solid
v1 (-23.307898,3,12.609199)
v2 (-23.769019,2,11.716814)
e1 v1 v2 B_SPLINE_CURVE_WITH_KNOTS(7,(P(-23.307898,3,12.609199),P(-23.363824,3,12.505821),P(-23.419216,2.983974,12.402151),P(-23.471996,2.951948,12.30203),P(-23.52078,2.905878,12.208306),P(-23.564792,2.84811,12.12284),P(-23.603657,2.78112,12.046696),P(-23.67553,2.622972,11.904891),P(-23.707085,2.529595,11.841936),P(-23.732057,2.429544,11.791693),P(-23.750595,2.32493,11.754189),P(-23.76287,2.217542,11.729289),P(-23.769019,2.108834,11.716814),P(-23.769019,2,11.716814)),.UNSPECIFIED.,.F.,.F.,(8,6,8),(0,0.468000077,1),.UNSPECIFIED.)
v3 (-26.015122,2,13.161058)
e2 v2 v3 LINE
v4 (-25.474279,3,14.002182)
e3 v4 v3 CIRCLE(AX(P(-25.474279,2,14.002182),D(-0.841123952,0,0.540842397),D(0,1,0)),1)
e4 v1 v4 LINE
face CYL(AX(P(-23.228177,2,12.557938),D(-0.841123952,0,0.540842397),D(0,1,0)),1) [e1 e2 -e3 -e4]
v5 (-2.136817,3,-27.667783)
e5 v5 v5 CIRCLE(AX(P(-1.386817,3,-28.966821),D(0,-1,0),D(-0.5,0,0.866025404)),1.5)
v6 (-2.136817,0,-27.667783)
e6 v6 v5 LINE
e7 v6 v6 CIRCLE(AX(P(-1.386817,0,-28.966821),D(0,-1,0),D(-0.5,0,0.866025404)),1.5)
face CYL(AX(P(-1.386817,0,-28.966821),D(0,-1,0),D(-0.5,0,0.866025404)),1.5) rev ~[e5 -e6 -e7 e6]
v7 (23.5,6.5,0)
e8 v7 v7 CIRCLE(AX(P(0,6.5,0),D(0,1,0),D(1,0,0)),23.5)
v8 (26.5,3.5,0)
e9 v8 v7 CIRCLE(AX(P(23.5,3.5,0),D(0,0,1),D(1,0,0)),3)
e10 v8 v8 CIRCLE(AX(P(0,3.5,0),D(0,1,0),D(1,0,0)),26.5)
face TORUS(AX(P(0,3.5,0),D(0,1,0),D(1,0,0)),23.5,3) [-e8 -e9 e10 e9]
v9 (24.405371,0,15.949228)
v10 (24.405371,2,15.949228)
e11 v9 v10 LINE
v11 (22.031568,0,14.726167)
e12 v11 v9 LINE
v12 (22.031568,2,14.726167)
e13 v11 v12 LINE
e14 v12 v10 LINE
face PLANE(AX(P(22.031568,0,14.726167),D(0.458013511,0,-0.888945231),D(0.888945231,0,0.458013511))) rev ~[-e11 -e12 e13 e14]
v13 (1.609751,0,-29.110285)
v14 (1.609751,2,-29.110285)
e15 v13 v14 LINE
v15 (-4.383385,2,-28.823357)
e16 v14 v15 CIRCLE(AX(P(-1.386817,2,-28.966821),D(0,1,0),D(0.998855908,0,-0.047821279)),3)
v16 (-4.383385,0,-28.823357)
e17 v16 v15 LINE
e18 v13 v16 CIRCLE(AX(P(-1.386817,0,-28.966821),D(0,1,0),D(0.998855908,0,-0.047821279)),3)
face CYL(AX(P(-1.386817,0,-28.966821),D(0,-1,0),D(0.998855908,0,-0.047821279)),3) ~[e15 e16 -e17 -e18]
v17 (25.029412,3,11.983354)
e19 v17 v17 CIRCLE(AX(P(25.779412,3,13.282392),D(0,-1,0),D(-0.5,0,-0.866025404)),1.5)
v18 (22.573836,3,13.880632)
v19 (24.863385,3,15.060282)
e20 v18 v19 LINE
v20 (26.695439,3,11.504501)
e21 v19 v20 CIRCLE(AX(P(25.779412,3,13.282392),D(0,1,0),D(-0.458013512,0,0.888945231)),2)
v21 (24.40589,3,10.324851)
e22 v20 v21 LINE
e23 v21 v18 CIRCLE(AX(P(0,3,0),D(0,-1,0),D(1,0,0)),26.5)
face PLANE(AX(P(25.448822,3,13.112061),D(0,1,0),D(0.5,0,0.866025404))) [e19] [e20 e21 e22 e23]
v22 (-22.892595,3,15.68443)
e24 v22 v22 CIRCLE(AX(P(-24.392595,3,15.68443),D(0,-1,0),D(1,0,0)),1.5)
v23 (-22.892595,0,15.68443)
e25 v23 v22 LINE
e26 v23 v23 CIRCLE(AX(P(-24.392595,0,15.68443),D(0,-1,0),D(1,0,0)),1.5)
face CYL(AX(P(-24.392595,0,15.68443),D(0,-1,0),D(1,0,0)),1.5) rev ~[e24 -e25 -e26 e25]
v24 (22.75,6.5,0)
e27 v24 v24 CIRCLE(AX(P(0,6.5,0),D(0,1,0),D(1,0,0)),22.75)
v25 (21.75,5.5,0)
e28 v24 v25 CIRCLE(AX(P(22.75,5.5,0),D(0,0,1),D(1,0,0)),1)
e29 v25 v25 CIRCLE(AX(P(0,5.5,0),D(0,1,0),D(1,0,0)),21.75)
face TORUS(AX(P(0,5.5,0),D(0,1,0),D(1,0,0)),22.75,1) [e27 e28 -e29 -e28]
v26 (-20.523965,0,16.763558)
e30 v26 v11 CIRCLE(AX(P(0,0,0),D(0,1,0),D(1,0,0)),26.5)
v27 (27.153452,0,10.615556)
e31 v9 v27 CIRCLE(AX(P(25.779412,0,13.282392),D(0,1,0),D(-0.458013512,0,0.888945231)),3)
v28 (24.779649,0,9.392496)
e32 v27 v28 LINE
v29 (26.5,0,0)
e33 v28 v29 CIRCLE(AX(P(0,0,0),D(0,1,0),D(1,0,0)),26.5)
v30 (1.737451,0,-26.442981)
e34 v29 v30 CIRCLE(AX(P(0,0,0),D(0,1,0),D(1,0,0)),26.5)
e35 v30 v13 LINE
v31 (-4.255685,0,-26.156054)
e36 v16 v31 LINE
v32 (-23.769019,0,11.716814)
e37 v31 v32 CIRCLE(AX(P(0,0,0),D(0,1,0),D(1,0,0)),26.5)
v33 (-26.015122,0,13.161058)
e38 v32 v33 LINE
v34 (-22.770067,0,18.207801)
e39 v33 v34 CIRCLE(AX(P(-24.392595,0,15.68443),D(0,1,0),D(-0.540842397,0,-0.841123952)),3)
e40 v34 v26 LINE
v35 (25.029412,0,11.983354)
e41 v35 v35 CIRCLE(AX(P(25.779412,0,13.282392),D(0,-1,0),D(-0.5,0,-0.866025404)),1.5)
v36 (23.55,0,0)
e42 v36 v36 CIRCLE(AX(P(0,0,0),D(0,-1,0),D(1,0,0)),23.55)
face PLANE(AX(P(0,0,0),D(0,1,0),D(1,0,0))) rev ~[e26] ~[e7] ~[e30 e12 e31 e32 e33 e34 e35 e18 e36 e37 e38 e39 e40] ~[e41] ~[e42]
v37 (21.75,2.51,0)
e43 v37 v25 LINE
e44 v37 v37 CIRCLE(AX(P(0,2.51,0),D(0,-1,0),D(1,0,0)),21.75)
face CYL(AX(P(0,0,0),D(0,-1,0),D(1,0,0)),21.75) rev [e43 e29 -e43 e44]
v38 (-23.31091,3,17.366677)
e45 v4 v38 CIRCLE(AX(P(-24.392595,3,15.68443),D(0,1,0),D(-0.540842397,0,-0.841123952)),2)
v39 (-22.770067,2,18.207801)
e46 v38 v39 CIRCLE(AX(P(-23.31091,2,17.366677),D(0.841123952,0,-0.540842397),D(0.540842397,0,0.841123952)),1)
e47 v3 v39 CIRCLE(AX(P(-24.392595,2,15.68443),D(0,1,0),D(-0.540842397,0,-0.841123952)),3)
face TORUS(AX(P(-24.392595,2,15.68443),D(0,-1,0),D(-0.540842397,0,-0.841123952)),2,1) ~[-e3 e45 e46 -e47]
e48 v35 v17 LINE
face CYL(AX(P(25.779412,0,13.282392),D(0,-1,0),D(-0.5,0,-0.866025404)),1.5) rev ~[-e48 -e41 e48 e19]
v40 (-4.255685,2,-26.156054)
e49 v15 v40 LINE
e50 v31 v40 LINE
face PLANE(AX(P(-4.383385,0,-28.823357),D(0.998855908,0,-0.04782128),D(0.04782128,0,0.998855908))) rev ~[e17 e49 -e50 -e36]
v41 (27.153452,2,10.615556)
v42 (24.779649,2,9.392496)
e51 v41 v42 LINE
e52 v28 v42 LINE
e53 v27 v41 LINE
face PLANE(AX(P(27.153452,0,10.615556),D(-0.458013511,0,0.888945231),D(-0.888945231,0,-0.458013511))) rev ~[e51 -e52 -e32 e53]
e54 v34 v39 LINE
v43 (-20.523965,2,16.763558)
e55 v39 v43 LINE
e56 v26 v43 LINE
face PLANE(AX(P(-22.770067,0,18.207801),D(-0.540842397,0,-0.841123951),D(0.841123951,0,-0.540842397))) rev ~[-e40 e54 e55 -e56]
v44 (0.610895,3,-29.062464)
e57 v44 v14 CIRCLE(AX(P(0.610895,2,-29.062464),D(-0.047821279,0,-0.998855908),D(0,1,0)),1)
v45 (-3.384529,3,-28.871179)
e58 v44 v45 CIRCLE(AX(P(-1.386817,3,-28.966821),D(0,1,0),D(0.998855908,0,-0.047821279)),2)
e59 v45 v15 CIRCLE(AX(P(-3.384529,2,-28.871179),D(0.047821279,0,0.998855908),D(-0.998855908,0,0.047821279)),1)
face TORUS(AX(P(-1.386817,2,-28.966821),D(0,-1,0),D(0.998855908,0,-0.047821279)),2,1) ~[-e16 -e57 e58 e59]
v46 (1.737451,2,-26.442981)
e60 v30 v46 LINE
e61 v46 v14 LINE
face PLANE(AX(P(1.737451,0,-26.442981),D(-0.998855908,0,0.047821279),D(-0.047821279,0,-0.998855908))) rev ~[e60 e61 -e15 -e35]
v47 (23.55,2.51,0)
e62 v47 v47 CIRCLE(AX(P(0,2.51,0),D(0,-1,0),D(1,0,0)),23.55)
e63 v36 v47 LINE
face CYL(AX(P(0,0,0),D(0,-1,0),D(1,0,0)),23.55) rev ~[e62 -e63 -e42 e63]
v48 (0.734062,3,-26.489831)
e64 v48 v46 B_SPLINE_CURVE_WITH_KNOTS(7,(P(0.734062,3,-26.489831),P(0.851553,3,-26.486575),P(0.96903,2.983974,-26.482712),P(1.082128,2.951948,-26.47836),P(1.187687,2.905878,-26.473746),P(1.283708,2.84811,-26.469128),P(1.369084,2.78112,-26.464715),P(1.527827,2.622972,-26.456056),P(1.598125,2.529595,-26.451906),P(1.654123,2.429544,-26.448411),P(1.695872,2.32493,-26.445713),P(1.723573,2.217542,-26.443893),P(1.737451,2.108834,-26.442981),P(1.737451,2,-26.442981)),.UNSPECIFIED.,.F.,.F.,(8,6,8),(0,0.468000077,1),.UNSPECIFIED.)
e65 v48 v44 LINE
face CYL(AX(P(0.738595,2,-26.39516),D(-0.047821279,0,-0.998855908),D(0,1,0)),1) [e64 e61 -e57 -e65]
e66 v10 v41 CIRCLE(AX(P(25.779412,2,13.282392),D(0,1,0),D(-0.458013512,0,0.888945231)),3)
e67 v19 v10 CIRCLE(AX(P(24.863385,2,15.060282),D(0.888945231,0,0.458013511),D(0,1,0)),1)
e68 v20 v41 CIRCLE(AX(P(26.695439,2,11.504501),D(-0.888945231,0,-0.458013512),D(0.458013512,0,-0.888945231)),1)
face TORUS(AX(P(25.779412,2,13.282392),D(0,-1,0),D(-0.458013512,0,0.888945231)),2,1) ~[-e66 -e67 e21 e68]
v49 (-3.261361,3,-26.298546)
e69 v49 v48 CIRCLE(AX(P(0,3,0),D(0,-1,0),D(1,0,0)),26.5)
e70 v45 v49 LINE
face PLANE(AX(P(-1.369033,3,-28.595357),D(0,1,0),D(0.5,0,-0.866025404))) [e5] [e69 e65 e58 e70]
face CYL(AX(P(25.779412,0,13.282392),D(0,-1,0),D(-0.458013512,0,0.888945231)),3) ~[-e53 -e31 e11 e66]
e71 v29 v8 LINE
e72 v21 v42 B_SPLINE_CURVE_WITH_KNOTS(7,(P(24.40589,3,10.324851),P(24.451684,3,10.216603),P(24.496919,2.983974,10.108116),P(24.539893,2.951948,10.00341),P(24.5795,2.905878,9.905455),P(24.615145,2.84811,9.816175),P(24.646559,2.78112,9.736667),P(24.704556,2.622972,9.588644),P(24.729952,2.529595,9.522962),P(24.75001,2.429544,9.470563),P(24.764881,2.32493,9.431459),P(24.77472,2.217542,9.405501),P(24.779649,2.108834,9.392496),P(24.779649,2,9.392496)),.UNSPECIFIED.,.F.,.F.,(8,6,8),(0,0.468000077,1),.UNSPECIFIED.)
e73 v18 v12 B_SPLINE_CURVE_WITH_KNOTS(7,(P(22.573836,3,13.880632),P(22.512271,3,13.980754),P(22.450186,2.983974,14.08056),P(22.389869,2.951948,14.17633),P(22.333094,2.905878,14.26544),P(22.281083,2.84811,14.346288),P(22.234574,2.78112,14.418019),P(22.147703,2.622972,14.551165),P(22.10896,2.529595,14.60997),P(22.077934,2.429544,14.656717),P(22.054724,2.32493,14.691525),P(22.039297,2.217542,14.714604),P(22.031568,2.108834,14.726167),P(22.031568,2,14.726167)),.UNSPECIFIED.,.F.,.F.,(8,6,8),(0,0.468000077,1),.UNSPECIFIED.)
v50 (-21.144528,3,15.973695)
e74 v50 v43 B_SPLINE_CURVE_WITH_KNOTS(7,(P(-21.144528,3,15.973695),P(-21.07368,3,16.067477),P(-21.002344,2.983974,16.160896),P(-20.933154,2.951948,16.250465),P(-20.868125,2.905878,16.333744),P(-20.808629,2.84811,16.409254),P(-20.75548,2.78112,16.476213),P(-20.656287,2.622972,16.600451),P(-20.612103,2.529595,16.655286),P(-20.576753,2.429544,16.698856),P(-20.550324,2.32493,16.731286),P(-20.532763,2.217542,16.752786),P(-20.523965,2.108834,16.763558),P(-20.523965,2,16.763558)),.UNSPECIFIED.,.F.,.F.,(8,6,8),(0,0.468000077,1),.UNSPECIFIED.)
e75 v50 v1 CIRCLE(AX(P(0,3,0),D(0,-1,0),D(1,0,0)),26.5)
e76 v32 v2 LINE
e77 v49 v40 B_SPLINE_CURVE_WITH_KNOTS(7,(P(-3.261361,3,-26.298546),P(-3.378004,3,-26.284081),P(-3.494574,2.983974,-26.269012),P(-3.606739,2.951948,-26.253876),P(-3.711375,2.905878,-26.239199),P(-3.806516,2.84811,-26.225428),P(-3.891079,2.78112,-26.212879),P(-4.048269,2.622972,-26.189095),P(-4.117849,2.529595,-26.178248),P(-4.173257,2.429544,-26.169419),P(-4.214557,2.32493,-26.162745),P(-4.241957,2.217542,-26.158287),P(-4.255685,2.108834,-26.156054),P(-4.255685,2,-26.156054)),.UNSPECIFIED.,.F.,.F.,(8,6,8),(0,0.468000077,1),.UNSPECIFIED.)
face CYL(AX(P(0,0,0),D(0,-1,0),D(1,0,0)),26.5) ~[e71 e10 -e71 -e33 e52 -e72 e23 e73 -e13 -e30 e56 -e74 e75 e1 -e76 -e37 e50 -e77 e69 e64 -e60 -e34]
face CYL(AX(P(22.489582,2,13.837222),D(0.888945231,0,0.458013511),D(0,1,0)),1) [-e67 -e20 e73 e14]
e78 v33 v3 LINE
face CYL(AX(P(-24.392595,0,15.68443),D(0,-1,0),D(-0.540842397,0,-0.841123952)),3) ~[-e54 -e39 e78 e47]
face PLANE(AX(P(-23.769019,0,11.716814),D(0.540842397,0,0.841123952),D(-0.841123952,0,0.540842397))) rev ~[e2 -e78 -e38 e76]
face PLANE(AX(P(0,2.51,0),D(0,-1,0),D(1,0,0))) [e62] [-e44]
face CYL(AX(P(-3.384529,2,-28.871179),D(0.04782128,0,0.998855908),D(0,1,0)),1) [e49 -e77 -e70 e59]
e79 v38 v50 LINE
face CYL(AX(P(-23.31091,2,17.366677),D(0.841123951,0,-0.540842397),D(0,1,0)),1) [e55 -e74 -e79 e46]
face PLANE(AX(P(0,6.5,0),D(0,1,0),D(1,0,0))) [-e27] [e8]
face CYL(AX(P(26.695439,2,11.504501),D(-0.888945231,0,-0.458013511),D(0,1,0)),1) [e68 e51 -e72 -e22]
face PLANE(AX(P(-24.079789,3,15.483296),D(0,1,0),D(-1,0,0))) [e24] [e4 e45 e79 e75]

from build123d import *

# Parameters (mm, degrees)
SKETCH1_R           = 26.5
SKETCH1_R_2         = 21.75
BOSS_EXTRUDE1_DEPTH = 6.5
FILLET1_R           = 3
SKETCH2_R           = 23.55
SKETCH2_R_2         = 21.75
CUT_EXTRUDE1_DEPTH  = 2.51
SKETCH3_R           = 1.5
BOSS_EXTRUDE2_DEPTH = 3
CIRPATTERN1_COUNT   = 3
FILLET2_R           = 1
FILLET4_R           = 1


with BuildPart() as part:
    # Sketch1 → Boss-Extrude1 (new body)
    with BuildSketch(Plane(origin=(0, 0, 0), x_dir=(1, 0, 0), z_dir=(0, 1, 0))):
        Circle(SKETCH1_R)
        Circle(SKETCH1_R_2, mode=Mode.SUBTRACT)
    extrude(amount=BOSS_EXTRUDE1_DEPTH)

    # Fillet1
    fillet1_edges = [part.edges().sort_by_distance(p)[0] for p in [
        (-26.5, 6.5, 0),
    ]]
    fillet(fillet1_edges, radius=FILLET1_R)

    # Sketch2 → Cut-Extrude1 (cut)
    with BuildSketch(Plane.XZ):
        Circle(SKETCH2_R)
        Circle(SKETCH2_R_2, mode=Mode.SUBTRACT)
    extrude(amount=-CUT_EXTRUDE1_DEPTH, mode=Mode.SUBTRACT)

    # Sketch3 → Boss-Extrude2 (add)
    with BuildSketch(Plane.XZ):
        with BuildLine():
            Line((-20.523964569, 16.763558046), (-23.769018949, 11.716814337))
            Line((-23.769018949, 11.716814337), (-26.015121786, 13.161057649))
            ThreePointArc((-26.015121786, 13.161057649), (-26.915966451, 17.306956694), (-22.770067406, 18.207801359))
            Line((-22.770067406, 18.207801359), (-20.523964569, 16.763558046))
        make_face()
        with Locations((-24.392594596, 15.684429504)):
            Circle(SKETCH3_R, mode=Mode.SUBTRACT)
    boss_extrude2 = extrude(amount=-BOSS_EXTRUDE2_DEPTH)

    # CirPattern1: Boss-Extrude2 ×3 about axis
    cirpattern1_axis = Axis((0, 0, 0), (0, 1, 0))
    for i in range(1, CIRPATTERN1_COUNT):
        add(boss_extrude2.rotate(cirpattern1_axis, i * 360 / CIRPATTERN1_COUNT))

    # Fillet2
    fillet2_edges = [part.edges().sort_by_distance(p)[0] for p in [
        (-21.75, 6.5, 0),
    ]]
    fillet(fillet2_edges, radius=FILLET2_R)

    # Fillet4
    fillet4_edges = [part.edges().sort_by_distance(p)[0] for p in [
        (-21.647015988, 3, 17.485679702),
        (-24.892070368, 3, 12.438935993),
        (-26.915966451, 3, 17.306956694),
        (-4.319534831, 3, -27.489705613),
        (1.673600618, 3, -27.776633288),
        (-1.530280933, 3, -31.963389061),
        (25.966550819, 3, 10.00402591),
        (23.21846975, 3, 15.337697295),
        (28.446247385, 3, 14.656432367),
    ]]
    fillet(fillet4_edges, radius=FILLET4_R)


solid = part.part
